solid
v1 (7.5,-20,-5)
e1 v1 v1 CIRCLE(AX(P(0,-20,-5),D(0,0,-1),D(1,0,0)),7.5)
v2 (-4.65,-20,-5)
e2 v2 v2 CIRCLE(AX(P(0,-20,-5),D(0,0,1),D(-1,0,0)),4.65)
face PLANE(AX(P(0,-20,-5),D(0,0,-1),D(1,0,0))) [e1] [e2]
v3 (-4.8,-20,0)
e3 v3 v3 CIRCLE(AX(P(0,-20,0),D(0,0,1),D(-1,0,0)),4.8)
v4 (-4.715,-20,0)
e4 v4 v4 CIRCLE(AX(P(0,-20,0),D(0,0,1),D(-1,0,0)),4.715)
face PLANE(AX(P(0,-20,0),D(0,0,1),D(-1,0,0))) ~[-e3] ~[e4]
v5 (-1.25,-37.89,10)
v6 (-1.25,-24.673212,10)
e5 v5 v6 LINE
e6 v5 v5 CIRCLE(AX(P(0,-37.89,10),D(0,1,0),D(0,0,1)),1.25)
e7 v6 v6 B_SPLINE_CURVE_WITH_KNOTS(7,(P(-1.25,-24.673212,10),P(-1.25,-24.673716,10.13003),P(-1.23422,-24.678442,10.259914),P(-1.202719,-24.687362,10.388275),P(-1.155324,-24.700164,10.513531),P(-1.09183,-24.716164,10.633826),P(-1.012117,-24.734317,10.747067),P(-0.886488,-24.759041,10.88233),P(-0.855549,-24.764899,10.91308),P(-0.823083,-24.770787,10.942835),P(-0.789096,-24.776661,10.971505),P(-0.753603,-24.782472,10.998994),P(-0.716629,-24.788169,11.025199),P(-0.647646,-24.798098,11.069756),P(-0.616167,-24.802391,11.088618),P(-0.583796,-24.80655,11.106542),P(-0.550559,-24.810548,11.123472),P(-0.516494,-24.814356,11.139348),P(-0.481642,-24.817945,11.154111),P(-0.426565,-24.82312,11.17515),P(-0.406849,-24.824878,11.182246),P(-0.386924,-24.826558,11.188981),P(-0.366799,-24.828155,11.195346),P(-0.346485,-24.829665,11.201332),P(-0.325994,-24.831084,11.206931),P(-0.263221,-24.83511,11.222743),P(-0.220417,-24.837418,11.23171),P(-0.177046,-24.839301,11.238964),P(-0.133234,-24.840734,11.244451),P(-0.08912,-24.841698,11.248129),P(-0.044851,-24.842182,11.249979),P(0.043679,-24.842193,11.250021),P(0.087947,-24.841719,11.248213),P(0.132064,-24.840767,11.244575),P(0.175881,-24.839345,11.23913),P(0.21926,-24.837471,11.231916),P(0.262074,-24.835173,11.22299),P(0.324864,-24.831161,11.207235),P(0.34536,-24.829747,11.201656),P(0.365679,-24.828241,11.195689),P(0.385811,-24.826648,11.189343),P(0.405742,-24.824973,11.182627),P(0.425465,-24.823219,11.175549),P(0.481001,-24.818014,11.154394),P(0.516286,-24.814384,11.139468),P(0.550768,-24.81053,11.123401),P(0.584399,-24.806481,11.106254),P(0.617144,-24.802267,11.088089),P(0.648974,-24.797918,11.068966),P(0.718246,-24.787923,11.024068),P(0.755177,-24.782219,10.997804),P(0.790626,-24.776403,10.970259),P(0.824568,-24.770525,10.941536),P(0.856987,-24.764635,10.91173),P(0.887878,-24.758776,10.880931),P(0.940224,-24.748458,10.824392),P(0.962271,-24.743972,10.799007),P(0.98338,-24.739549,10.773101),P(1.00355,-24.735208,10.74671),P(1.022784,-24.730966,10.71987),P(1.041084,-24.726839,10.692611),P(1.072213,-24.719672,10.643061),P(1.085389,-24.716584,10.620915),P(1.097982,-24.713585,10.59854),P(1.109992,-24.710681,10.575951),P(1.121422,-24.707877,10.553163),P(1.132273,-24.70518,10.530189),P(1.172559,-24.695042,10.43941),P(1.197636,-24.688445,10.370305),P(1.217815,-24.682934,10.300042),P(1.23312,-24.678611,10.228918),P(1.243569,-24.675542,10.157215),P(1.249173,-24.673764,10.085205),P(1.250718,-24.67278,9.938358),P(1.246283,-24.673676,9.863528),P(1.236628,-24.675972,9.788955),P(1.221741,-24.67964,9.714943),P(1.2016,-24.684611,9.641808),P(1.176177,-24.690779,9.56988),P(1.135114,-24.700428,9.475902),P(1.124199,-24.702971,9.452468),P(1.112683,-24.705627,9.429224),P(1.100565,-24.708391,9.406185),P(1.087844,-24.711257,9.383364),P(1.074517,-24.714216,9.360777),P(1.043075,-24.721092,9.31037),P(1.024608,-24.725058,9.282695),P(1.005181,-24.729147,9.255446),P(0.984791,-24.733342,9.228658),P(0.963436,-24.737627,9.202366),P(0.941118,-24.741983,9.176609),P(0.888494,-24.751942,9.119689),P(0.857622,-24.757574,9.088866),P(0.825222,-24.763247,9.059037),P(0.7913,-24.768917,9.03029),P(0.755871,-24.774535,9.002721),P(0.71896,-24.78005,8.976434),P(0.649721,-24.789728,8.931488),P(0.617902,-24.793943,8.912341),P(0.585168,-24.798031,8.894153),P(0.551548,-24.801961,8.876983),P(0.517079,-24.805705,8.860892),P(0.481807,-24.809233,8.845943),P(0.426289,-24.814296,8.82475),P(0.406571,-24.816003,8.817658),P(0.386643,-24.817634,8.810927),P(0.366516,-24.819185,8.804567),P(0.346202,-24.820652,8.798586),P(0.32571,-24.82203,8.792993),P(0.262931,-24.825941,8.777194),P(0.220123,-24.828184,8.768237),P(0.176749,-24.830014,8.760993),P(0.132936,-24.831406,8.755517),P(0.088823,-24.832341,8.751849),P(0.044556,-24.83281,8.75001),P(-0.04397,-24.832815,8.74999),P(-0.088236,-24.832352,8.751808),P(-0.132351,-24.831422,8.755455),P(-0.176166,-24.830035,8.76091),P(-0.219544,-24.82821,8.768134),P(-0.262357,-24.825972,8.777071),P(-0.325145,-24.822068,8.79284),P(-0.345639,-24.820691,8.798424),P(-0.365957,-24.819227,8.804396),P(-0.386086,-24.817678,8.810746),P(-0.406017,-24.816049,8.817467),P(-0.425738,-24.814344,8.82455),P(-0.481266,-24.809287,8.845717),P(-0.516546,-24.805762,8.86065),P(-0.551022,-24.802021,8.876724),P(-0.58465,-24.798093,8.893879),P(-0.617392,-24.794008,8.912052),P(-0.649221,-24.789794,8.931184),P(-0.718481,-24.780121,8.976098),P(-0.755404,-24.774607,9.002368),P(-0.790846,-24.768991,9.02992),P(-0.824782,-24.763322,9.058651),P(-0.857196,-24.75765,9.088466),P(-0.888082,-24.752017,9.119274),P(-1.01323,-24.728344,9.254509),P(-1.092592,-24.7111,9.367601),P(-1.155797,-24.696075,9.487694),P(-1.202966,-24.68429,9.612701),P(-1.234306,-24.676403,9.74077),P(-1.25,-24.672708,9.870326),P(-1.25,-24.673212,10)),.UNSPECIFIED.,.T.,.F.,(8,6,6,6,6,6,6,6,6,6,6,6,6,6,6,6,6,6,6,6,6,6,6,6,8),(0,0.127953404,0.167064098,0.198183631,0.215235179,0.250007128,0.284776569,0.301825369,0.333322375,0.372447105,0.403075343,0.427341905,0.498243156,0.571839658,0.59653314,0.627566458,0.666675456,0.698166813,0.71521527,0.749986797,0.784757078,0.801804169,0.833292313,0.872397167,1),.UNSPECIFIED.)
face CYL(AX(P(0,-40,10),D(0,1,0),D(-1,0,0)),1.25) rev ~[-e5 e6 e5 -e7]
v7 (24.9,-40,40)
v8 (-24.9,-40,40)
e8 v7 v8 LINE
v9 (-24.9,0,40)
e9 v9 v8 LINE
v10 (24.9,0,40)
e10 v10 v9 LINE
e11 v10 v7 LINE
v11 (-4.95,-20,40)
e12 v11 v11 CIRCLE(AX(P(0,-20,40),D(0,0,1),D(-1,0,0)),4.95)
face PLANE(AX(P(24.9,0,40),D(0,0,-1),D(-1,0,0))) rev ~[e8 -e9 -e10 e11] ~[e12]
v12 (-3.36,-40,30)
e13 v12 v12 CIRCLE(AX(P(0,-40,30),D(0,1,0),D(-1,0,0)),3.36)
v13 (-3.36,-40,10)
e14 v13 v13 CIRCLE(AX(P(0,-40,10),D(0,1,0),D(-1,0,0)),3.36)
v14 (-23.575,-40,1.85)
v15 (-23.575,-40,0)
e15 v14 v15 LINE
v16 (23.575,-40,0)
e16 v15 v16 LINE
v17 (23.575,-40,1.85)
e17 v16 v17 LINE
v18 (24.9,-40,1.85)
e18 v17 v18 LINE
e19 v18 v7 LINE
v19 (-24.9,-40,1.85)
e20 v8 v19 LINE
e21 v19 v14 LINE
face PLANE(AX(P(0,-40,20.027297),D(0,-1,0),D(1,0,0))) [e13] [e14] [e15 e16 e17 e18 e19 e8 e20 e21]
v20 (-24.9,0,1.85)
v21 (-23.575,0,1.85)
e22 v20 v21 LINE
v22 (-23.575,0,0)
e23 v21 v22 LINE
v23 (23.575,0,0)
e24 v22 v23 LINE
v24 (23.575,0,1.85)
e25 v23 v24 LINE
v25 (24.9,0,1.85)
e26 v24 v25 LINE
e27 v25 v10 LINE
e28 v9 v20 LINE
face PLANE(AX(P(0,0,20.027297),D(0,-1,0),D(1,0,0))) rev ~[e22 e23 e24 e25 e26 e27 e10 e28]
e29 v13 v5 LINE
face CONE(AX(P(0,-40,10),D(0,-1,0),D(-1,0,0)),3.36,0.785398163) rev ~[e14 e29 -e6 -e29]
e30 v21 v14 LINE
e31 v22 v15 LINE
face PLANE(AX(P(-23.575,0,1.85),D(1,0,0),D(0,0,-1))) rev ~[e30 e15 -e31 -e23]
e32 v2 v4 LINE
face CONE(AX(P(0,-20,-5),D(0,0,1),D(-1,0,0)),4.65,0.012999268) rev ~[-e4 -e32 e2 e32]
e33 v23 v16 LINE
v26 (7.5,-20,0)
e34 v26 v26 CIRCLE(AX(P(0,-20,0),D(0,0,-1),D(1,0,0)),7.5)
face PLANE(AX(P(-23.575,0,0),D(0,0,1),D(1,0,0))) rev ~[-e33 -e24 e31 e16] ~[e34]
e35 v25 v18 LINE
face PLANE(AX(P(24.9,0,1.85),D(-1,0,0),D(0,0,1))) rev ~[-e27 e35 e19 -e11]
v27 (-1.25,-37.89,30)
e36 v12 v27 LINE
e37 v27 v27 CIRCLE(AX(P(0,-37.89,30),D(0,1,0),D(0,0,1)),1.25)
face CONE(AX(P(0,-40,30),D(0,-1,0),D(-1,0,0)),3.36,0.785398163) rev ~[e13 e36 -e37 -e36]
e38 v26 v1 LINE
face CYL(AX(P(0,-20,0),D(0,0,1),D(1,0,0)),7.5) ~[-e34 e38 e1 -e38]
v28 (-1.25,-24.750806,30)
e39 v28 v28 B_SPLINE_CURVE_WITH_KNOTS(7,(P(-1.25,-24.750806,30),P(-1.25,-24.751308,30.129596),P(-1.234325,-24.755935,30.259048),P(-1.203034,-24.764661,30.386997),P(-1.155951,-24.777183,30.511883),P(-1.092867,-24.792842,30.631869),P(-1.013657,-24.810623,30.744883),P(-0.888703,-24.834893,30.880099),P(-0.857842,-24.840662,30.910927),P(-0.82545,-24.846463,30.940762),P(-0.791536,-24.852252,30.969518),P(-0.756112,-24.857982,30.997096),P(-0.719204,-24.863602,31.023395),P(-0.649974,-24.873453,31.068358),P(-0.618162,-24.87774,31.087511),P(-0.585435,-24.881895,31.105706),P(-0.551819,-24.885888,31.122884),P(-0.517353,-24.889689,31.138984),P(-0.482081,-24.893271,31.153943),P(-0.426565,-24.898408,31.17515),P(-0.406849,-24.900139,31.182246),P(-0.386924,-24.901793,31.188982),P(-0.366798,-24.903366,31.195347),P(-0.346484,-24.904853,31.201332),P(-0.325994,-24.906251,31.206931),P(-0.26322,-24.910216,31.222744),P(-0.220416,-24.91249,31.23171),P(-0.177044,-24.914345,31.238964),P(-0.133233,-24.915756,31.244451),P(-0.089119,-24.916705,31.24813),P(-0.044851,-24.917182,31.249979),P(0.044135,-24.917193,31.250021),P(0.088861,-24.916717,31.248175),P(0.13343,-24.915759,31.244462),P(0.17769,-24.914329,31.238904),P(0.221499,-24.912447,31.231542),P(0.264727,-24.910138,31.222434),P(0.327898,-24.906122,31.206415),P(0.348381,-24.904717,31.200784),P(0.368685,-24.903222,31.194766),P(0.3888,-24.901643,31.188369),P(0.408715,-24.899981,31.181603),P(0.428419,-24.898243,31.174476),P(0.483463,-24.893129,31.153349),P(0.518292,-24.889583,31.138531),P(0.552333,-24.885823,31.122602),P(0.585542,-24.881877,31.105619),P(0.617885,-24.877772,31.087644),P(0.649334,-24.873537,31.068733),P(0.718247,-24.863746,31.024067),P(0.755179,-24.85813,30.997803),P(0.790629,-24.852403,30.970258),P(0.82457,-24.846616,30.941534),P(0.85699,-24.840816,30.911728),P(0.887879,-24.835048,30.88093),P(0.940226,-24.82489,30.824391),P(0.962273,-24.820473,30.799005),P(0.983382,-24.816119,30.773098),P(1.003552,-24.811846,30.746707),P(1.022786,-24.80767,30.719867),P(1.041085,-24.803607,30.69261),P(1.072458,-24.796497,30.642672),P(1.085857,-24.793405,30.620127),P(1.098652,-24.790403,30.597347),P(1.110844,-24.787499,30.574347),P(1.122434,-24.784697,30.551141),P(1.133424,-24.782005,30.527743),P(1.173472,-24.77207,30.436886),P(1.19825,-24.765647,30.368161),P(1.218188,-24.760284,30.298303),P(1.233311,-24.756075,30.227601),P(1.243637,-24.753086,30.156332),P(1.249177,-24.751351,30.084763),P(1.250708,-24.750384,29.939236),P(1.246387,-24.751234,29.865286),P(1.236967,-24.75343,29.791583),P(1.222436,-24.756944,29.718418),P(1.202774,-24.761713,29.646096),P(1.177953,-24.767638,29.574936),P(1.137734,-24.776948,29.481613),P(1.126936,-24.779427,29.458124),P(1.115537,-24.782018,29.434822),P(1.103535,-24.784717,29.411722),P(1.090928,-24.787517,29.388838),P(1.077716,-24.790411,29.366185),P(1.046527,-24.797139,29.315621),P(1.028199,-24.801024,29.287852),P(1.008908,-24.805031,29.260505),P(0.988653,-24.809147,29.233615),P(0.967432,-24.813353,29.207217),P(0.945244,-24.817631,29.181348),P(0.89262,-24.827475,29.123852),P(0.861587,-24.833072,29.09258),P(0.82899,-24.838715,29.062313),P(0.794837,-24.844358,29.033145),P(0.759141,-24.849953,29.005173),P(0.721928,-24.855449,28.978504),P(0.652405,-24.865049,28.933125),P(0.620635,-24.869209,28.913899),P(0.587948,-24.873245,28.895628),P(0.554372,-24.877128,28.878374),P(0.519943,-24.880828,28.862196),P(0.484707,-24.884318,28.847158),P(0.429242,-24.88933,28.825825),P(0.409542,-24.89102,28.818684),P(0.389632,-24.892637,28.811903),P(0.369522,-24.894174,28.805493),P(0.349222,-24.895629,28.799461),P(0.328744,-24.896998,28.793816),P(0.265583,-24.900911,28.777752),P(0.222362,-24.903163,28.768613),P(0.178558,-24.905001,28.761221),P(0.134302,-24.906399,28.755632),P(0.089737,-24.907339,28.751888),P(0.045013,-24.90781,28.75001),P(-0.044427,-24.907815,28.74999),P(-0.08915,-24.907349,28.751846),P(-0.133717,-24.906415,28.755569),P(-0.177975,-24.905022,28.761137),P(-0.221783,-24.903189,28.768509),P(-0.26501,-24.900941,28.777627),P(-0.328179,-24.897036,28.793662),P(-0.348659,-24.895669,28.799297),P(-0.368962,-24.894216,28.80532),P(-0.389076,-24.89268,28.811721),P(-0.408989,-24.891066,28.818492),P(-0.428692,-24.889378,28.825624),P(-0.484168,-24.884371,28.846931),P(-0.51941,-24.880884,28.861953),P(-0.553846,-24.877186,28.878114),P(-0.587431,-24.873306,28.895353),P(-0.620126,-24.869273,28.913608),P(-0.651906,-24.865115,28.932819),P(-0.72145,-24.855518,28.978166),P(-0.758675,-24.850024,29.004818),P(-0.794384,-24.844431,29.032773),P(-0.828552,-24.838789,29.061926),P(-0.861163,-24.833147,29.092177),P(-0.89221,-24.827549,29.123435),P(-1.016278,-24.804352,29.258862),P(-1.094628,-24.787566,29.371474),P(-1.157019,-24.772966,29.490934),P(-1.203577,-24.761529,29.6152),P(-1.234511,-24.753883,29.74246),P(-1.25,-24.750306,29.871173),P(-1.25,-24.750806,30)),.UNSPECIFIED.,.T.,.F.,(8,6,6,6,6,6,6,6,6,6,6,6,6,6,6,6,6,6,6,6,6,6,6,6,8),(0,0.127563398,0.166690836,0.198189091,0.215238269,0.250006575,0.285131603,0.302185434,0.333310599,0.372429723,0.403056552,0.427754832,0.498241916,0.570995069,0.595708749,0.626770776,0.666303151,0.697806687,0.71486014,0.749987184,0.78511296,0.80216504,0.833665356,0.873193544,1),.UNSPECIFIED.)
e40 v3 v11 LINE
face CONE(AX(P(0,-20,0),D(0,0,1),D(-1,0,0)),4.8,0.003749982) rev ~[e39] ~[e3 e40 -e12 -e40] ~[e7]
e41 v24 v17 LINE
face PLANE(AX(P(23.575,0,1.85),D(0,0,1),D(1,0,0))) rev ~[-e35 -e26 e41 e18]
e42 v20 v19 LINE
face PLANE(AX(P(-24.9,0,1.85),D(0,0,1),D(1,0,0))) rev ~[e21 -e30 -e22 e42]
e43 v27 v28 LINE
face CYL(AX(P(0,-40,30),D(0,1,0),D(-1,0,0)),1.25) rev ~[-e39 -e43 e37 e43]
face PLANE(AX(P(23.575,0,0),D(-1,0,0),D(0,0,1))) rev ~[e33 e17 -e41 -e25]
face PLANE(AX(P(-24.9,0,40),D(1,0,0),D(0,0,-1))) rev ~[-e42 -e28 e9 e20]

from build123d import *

# Parameters (mm, degrees)
F1_DEPTH        = 40
F2_R            = 7.5
F3_DEPTH        = 5
F10_D           = 2.5
F10_DEPTH       = 16
F10_CSINK_D     = 6.72
F10_CSINK_ANGLE = 90
F10_TIP         = 0.7510757738


with BuildPart() as f1:
    # F0 (on Front) → F1 (new body)
    with BuildSketch(Plane.XZ):
        Polygon((24.9, 40), (-24.9, 40), (-24.9, 1.85), (-23.575, 1.85), (-23.575, 0), (23.575, 0), (23.575, 1.85), (24.9, 1.85), align=None)
    extrude(amount=F1_DEPTH)

    # F2 (on face) → F3 (join)
    with BuildSketch(Plane(origin=(0, 0, 0), x_dir=(1, 0, 0), z_dir=(0, 0, -1))):
        with Locations((0, 20)):
            Circle(F2_R)
    extrude(amount=F3_DEPTH)


with BuildPart() as f7:
    # F6 (on line) → F7 (revolve)
    with BuildSketch(Plane(origin=(0, -20, 0), x_dir=(-1, 0, 0), z_dir=(0, 1, 0))):
        Polygon((4.8, 0), (4.95, 40), (0, 40), (0, 0), (0, -5), (4.65, -5), (4.715, 0), align=None)
    revolve(axis=Axis((0, -20, 30.4776426257), (0, 0, 1)))


with BuildPart() as f1_1:
    add(f1.part)

    # F8: cut F7
    add(f7.part, mode=Mode.SUBTRACT)

    # F10
    with Locations(Plane.XZ.offset(40)):
        with Locations((0, 30), (0, 10)):
            CounterSinkHole(F10_D / 2, F10_CSINK_D / 2, depth=F10_DEPTH, counter_sink_angle=F10_CSINK_ANGLE)
            with Locations((0, 0, -(F10_DEPTH + F10_TIP / 2))):  # 118° drill point
                Cone(0, F10_D / 2, F10_TIP, mode=Mode.SUBTRACT)


solid = f1_1.part
